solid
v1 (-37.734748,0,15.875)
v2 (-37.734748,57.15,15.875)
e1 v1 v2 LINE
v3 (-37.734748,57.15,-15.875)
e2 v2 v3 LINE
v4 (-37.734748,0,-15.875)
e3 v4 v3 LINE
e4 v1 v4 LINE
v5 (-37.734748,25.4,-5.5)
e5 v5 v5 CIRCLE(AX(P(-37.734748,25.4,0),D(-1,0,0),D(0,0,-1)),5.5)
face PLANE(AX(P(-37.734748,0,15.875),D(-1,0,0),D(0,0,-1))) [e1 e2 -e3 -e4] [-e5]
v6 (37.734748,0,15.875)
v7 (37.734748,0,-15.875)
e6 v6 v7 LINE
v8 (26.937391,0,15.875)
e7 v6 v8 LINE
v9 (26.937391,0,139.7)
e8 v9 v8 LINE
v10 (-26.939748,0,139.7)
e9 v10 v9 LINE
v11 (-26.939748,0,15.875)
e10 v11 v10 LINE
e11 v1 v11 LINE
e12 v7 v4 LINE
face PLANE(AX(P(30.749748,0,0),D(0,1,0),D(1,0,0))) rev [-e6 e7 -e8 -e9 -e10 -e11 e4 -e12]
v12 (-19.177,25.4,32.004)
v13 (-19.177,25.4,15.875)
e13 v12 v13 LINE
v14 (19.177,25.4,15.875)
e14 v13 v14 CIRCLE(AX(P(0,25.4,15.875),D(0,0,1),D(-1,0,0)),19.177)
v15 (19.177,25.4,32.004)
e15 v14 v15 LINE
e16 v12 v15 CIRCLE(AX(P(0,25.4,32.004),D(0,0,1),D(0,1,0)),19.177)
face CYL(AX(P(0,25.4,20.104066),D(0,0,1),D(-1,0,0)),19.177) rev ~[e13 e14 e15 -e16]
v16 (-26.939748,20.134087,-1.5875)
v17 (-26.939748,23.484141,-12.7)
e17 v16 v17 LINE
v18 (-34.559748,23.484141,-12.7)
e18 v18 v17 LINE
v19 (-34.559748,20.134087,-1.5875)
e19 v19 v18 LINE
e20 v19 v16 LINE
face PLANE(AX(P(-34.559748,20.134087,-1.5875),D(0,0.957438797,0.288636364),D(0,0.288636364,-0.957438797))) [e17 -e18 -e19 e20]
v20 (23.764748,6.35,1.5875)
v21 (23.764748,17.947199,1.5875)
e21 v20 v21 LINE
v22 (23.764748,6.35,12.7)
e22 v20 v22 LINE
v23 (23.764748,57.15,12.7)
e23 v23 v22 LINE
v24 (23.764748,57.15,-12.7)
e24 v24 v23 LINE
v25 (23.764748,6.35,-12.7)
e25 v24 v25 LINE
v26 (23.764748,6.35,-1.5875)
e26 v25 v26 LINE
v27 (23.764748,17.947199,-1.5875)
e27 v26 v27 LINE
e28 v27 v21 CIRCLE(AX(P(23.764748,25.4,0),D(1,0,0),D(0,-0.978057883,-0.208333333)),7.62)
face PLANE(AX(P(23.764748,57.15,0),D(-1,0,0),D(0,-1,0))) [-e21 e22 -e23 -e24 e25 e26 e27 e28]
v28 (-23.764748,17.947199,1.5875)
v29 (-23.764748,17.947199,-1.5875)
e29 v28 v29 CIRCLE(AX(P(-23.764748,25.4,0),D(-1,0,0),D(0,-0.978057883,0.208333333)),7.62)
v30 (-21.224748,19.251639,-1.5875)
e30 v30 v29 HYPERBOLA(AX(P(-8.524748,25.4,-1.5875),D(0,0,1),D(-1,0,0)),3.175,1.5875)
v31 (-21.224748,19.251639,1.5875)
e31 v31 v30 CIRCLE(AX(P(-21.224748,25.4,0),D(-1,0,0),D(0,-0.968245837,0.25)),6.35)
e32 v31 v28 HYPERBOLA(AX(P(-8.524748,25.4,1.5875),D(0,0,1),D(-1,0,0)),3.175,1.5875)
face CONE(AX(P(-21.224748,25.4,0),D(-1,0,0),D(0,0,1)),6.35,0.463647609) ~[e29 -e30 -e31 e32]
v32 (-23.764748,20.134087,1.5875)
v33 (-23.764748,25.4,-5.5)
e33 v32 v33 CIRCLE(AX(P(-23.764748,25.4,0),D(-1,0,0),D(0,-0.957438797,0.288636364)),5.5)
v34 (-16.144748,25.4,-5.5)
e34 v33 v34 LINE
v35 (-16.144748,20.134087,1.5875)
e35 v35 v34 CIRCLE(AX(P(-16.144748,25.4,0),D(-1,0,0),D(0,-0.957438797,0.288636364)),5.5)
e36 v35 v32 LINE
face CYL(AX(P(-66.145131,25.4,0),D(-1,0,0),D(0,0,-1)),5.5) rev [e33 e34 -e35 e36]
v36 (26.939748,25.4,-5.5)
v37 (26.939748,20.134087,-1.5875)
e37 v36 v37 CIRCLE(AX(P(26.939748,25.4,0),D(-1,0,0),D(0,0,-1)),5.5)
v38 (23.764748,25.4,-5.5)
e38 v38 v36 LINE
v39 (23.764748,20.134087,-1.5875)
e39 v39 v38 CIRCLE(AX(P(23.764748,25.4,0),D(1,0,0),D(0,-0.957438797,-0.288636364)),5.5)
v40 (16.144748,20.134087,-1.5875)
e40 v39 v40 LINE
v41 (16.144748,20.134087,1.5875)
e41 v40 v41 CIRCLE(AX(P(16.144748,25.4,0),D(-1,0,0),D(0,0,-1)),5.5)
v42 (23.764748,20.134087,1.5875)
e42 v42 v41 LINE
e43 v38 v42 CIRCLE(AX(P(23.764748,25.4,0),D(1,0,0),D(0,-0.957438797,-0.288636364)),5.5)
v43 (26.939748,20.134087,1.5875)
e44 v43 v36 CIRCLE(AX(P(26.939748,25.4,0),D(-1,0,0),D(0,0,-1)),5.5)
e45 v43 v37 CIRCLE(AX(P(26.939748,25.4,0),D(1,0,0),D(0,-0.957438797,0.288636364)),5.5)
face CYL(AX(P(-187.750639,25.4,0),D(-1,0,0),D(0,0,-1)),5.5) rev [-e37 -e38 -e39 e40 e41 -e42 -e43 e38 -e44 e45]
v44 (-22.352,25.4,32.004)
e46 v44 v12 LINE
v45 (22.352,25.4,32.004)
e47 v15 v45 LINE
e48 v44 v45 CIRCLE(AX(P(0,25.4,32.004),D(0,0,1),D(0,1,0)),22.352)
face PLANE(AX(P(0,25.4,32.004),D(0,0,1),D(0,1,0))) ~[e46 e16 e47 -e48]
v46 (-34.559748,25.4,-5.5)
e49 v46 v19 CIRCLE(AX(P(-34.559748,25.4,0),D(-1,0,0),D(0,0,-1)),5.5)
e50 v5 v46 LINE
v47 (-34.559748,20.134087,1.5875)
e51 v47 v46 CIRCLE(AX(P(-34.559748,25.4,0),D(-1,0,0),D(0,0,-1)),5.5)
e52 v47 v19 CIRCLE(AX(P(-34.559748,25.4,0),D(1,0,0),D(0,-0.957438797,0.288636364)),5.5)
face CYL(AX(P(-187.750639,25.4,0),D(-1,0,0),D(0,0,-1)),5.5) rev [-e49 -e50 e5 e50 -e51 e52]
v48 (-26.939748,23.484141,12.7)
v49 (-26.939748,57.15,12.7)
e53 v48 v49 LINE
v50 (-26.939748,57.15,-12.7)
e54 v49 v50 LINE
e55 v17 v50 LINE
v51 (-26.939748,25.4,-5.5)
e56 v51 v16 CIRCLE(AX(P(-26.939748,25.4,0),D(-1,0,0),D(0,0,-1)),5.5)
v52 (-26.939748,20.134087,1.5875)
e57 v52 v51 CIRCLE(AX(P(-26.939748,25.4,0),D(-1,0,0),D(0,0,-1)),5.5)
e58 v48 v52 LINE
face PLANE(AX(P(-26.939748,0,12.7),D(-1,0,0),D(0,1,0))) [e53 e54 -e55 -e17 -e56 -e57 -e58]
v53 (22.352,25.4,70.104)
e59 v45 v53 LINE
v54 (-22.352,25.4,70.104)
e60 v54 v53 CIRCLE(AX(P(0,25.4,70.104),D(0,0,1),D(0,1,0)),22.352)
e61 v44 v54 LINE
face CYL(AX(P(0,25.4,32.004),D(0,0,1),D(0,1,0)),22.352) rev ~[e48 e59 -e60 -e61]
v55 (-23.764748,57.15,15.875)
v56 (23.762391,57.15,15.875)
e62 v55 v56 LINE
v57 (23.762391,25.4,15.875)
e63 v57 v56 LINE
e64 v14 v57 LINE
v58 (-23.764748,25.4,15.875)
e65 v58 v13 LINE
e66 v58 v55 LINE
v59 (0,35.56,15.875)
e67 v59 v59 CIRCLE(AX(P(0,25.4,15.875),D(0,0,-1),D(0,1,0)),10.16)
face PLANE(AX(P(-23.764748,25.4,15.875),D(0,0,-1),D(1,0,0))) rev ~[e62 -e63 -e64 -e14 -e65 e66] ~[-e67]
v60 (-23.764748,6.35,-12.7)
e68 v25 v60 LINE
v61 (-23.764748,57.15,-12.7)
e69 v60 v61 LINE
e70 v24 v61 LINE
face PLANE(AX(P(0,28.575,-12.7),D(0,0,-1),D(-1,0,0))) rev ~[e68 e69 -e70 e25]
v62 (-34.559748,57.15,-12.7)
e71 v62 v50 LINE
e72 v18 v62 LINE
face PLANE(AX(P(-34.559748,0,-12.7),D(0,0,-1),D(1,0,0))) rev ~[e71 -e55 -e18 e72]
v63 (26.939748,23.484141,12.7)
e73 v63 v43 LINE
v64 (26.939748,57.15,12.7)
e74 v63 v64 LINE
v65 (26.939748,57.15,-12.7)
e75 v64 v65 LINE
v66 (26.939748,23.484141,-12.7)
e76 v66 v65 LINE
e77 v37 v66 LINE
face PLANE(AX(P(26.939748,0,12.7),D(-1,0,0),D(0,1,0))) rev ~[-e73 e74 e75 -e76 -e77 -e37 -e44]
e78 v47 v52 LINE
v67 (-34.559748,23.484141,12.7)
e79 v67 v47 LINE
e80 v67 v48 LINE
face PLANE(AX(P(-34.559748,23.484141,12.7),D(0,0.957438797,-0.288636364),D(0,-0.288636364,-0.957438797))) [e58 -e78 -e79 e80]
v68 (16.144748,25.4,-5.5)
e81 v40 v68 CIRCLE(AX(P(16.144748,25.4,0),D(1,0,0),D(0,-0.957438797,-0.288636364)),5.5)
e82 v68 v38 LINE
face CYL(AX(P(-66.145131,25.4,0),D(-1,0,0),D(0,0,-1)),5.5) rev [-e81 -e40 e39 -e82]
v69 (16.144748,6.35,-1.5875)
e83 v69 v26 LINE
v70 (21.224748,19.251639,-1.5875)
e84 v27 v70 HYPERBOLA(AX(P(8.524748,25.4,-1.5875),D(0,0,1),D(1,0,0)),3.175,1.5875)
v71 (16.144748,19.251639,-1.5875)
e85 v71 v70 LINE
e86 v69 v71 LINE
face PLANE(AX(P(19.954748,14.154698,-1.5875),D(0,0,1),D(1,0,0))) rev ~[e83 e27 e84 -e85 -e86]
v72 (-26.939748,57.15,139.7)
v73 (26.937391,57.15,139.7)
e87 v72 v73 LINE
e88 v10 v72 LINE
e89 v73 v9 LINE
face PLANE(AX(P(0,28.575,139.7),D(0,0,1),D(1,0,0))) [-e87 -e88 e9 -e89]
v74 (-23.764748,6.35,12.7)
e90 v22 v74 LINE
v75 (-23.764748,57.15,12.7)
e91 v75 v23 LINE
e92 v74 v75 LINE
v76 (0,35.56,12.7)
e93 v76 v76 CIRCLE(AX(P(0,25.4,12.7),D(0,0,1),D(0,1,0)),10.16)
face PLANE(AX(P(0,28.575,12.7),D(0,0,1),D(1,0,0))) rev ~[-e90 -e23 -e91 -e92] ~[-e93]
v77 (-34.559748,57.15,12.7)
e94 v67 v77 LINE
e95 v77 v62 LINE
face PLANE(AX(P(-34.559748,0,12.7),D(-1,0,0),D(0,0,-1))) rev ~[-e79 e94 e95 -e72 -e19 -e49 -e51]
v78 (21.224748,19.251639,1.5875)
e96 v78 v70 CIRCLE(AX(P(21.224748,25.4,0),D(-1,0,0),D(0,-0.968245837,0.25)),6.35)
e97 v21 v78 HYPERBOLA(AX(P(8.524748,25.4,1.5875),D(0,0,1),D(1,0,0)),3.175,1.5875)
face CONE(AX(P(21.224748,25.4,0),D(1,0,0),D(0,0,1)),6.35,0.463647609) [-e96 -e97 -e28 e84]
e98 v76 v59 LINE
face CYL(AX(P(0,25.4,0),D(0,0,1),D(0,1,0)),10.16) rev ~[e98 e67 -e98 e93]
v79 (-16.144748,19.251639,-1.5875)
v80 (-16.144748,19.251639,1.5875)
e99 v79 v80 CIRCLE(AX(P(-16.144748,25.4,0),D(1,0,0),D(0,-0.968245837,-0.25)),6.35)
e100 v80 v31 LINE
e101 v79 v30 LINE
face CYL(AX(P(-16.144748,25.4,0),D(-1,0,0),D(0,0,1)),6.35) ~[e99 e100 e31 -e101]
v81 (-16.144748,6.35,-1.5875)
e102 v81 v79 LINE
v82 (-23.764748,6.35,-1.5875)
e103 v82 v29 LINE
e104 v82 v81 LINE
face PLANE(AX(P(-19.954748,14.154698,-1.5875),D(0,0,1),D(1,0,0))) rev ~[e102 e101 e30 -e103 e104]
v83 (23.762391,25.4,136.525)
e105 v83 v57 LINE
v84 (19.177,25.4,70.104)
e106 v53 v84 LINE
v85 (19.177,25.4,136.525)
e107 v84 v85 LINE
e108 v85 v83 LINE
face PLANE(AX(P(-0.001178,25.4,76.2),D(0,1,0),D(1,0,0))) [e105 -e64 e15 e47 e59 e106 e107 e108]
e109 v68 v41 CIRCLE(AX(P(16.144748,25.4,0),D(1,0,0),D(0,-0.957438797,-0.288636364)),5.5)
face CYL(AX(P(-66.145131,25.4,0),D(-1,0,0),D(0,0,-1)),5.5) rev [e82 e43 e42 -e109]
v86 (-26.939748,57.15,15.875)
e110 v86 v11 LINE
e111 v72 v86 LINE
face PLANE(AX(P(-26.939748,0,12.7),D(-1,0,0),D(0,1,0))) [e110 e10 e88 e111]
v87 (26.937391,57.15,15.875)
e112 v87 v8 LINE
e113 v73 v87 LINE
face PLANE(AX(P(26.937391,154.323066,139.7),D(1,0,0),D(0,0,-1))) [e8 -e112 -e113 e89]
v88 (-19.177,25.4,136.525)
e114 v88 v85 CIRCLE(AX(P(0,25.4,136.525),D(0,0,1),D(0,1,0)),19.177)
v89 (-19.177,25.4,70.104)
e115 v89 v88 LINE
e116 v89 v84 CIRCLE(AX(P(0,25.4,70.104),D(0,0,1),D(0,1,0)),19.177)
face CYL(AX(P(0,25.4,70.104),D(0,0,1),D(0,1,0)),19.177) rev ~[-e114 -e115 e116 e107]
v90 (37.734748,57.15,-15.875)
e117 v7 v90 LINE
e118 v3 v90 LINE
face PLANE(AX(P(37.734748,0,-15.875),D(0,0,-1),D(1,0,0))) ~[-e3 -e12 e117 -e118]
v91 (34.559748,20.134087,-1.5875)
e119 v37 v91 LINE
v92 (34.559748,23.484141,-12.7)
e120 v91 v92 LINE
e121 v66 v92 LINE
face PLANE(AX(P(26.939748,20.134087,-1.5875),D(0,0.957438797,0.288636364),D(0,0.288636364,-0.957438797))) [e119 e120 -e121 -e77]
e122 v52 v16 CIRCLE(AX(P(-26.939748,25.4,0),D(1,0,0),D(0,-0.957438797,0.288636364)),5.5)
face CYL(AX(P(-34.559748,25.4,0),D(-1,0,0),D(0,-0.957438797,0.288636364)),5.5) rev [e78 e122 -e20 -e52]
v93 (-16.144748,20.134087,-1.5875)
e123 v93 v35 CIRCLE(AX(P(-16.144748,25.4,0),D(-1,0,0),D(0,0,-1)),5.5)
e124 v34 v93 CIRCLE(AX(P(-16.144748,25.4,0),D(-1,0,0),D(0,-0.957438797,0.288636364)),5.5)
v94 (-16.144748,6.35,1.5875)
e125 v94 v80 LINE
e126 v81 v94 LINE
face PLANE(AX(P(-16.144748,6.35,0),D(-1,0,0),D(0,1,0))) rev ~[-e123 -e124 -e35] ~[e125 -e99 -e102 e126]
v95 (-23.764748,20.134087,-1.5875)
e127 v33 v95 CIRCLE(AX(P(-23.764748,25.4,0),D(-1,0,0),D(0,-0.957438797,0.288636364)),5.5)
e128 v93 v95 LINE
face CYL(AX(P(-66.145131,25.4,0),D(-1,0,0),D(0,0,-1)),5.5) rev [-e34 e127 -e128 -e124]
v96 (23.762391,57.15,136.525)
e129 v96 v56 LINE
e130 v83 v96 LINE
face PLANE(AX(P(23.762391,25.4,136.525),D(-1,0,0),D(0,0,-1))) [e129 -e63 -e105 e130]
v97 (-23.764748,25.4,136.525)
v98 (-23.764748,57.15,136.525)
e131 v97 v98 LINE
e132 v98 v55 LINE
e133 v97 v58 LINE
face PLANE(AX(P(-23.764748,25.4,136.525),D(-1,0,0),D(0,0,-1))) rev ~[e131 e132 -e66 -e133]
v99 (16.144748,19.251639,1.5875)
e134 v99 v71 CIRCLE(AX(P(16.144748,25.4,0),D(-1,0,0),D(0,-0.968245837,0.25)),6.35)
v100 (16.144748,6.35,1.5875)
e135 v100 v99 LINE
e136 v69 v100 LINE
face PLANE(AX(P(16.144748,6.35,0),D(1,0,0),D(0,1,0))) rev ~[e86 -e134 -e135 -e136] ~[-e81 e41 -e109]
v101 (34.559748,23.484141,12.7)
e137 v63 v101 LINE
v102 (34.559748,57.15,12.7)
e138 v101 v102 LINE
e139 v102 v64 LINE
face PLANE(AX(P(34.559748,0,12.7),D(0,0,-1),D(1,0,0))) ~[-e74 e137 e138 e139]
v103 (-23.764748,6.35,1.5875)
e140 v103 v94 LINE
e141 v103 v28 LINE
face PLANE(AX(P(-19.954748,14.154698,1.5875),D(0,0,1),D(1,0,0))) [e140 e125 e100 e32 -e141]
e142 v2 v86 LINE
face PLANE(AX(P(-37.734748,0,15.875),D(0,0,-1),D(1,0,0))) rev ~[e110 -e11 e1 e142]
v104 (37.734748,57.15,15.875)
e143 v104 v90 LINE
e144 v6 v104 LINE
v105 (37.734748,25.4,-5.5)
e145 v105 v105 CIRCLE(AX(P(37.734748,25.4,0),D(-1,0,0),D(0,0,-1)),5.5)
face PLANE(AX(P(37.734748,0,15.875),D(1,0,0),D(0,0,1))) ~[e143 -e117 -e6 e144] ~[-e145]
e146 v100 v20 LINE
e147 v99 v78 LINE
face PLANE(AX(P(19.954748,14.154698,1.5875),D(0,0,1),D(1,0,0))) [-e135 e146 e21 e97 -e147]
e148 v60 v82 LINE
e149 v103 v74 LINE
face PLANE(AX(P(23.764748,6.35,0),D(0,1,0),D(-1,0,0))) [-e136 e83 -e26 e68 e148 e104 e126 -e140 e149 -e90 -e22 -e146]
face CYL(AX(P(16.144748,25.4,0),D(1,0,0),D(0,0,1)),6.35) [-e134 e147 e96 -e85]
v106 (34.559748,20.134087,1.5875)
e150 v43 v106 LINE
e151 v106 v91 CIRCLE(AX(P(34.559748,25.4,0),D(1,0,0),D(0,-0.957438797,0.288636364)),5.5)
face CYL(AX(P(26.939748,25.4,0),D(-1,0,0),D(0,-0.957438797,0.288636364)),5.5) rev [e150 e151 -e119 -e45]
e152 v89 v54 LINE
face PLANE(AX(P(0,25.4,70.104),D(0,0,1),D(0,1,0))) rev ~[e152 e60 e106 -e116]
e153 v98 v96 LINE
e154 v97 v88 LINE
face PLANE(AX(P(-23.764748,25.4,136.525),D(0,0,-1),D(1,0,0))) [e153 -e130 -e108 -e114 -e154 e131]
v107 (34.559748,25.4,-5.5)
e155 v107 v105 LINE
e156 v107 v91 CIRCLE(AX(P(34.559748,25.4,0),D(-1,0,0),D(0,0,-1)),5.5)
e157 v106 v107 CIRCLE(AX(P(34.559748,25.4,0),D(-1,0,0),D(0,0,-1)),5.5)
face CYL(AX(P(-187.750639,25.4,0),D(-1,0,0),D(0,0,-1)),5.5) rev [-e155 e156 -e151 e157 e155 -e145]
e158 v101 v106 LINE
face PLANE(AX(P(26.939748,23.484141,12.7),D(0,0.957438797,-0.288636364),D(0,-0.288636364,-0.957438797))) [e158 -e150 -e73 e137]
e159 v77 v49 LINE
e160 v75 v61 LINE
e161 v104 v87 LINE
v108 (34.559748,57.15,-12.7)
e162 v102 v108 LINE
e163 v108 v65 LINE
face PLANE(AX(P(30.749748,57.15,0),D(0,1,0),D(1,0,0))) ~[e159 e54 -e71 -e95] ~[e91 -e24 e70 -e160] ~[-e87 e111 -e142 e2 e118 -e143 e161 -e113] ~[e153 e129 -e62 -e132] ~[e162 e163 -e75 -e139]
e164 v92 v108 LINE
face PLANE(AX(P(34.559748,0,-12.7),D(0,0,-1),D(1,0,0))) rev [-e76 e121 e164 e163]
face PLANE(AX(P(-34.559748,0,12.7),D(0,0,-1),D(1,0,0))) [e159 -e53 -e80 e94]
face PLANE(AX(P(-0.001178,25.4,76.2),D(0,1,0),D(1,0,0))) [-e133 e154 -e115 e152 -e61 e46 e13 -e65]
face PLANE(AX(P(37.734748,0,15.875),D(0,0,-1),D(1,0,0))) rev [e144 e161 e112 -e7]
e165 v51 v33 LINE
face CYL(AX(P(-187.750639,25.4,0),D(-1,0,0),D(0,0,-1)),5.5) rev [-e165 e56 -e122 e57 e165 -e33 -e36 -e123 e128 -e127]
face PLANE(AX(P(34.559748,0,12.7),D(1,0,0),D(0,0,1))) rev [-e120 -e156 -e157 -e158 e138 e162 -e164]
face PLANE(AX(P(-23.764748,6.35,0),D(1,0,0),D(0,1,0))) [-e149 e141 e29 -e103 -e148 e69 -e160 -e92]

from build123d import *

# Parameters (mm, degrees)
BOSS_EXTRUDE1_DEPTH      = 12.7
SKETCH2_W                = 53.879496
SKETCH2_H                = 57.15
BOSS_EXTRUDE2_DEPTH      = 3.175
CUT_EXTRUDE2_DEPTH       = 66.145131417
CUT_EXTRUDE2_DEPTH_BACK  = 66.145131417
SKETCH3_R                = 5.5
SKETCH5_W                = 53.879496
SKETCH5_H                = 25.4
SKETCH5_R                = 3.4925
BOSS_EXTRUDE3_DEPTH      = 6.35
SKETCH7_W                = 7.62
SKETCH7_H                = 15.609396712
BOSS_EXTRUDE7_DEPTH      = 1.5875
SKETCH8_W                = 53.879496
SKETCH8_H                = 57.15
BOSS_EXTRUDE8_DEPTH      = 127
CUT_EXTRUDE7_DEPTH       = 154.323065852
CUT_EXTRUDE7_DEPTH_BACK  = 154.323065852
SKETCH13_W               = 0.002356984
SKETCH13_H               = 124.229061331
CUT_EXTRUDE8_START       = -31.75
SKETCH14_W               = 47.527139016
SKETCH14_H               = 120.65
CUT_EXTRUDE8_DEPTH       = 31.75
CUT_EXTRUDE9_DEPTH       = 4.229066359
SKETCH16_W               = 53.879496
SKETCH16_H               = 25.4
CUT_EXTRUDE10_DEPTH      = 152.071109158
SKETCH18_W               = 13.97
SKETCH18_H               = 31.75
SKETCH18_W_2             = 7.62
SKETCH18_H_2             = 25.4
BOSS_EXTRUDE10_DEPTH     = 57.15
BOSS_EXTRUDE11_START     = -34.559748
BOSS_EXTRUDE11_DEPTH     = 7.62
BOSS_EXTRUDE12_START     = 26.939748
BOSS_EXTRUDE12_DEPTH     = 7.62
CUT_EXTRUDE11_DEPTH      = 163.985890519
CUT_EXTRUDE11_DEPTH_BACK = 163.985890519
SKETCH20_R               = 5.5


with BuildPart() as part:
    # Sketch1 → Boss-Extrude1 (new, symmetric)
    with BuildSketch(Plane.XY):
        Polygon((-26.939748, 0), (26.939748, 0), (26.939748, 6.35), (26.939748, 57.15), (23.764748, 57.15), (23.764748, 6.35), (-23.764748, 6.35), (-23.764748, 57.15), (-26.939748, 57.15), (-26.939748, 6.35), align=None)
    extrude(amount=BOSS_EXTRUDE1_DEPTH, both=True)

    # Sketch2 → Boss-Extrude2 (add)
    with BuildSketch(Plane(origin=(0, 0, -12.7), x_dir=(-1, 0, 0), z_dir=(0, 0, -1))):
        with Locations((0, 28.575)):
            Rectangle(SKETCH2_W, SKETCH2_H)
    extrude(amount=BOSS_EXTRUDE2_DEPTH)

    # Sketch6 → Revolve2 (revolve)
    with BuildSketch(Plane.XY, mode=Mode.PRIVATE) as revolve2_sk:
        Polygon((-23.764748, 25.4), (-16.144748, 25.4), (-16.144748, 31.75), (-21.224748, 31.75), (-23.764748, 33.02), align=None)
        Polygon((23.764748, 33.02), (23.764748, 25.4), (16.144748, 25.4), (16.144748, 31.75), (21.224748, 31.75), align=None)
    revolve(revolve2_sk.sketch.rotate(Axis((-23.764748, 25.4, 0), (1, 0, 0)), 90), axis=Axis((-23.764748, 25.4, 0), (1, 0, 0)))

    # Sketch3 → Cut-Extrude2 (cut, two sides: drawn at the far end of the back side and taken through both)
    with BuildSketch(Plane(origin=(0, 0, 0), x_dir=(0, 0, -1), z_dir=(1, 0, 0)).offset(-CUT_EXTRUDE2_DEPTH_BACK)):
        with Locations((0, 25.4)):
            Circle(SKETCH3_R)
    extrude(amount=CUT_EXTRUDE2_DEPTH + CUT_EXTRUDE2_DEPTH_BACK, mode=Mode.SUBTRACT)

    # Sketch5 → Boss-Extrude3 (add)
    with BuildSketch(Plane.XZ):
        with Locations((0, -28.575)):
            Rectangle(SKETCH5_W, SKETCH5_H)
        with Locations(Location((7.889748, -28.575, 0), (0, 0, 270))):
            Circle(SKETCH5_R, mode=Mode.SUBTRACT)
        with Locations(Location((-17.510252, -28.575, 0), (0, 0, 270))):
            Circle(SKETCH5_R, mode=Mode.SUBTRACT)
    extrude(amount=-BOSS_EXTRUDE3_DEPTH)

    # Sketch7 → Boss-Extrude7 (add, symmetric)
    with BuildSketch(Plane.XY):
        with Locations((-19.954748, 14.154698356)):
            Rectangle(SKETCH7_W, SKETCH7_H)
        with Locations((19.954748, 14.154698356)):
            Rectangle(SKETCH7_W, SKETCH7_H)
    extrude(amount=BOSS_EXTRUDE7_DEPTH, both=True)

    # Sketch8 → Boss-Extrude8 (add)
    with BuildSketch(Plane.XY.offset(12.7)):
        with Locations((0, 28.575)):
            Rectangle(SKETCH8_W, SKETCH8_H)
    extrude(amount=BOSS_EXTRUDE8_DEPTH)

    # Sketch9 → Cut-Revolve1 (revolve, cut)
    with BuildSketch(Plane(origin=(0, 0, 0), x_dir=(0, 0, -1), z_dir=(1, 0, 0))):
        Polygon((-70.104, 47.752), (-70.104, 44.577), (-136.525, 44.577), (-136.525, 25.4), (-70.104, 25.4), (0, 25.4), (0, 35.56), (-20.104066359, 35.56), (-20.104066359, 44.577), (-32.004, 44.577), (-32.004, 47.752), align=None)
    revolve(axis=Axis((0, 25.4, 0), (0, 0, 1)), mode=Mode.SUBTRACT)

    # Sketch13 → Cut-Extrude7 (cut, two sides: drawn at the far end of the back side and taken through both)
    with BuildSketch(Plane(origin=(0, 0, 0), x_dir=(-1, 0, 0), z_dir=(0, -1, 0)).offset(-CUT_EXTRUDE7_DEPTH_BACK)):
        with Locations((26.940926492, -77.585469335)):
            Rectangle(SKETCH13_W, SKETCH13_H)
        with Locations((-26.938569508, -77.585469335)):
            Rectangle(SKETCH13_W, SKETCH13_H)
    extrude(amount=CUT_EXTRUDE7_DEPTH + CUT_EXTRUDE7_DEPTH_BACK, mode=Mode.SUBTRACT)

    # Sketch14 → Cut-Extrude8 (cut)
    with BuildSketch(Plane(origin=(0, 57.15, 0), x_dir=(1, 0, 0), z_dir=(0, 1, 0)).offset(CUT_EXTRUDE8_START)):
        with Locations((-0.001178492, -76.2)):
            Rectangle(SKETCH14_W, SKETCH14_H)
    extrude(amount=CUT_EXTRUDE8_DEPTH, mode=Mode.SUBTRACT)

    # Sketch15 → Cut-Extrude9 (cut)
    with BuildSketch(Plane.XY.offset(20.104066359)):
        with BuildLine():
            Line((-10.16, 25.4), (-19.177, 25.4))
            ThreePointArc((-19.177, 25.4), (0, 6.223), (19.177, 25.4))
            Line((19.177, 25.4), (10.16, 25.4))
            ThreePointArc((10.16, 25.4), (0, 15.24), (-10.16, 25.4))
        make_face()
    extrude(amount=-CUT_EXTRUDE9_DEPTH, mode=Mode.SUBTRACT)

    # Sketch16 → Cut-Extrude10 (cut, through all)
    with BuildSketch(Plane(origin=(0, 6.35, 0), x_dir=(1, 0, 0), z_dir=(0, 1, 0))):
        with Locations((0, 28.575)):
            Rectangle(SKETCH16_W, SKETCH16_H)
    extrude(amount=-CUT_EXTRUDE10_DEPTH, mode=Mode.SUBTRACT)

    # Sketch18 → Boss-Extrude10 (add)
    with BuildSketch(Plane(origin=(0, 0, 0), x_dir=(1, 0, 0), z_dir=(0, 1, 0))):
        with Locations((-30.749748, 0)):
            Rectangle(SKETCH18_W, SKETCH18_H)
        with Locations((-30.749748, 0)):
            Rectangle(SKETCH18_W_2, SKETCH18_H_2, mode=Mode.SUBTRACT)
    boss_extrude10 = extrude(amount=BOSS_EXTRUDE10_DEPTH)

    # Sketch19 → Boss-Extrude11 (add)
    with BuildSketch(Plane(origin=(0, 0, 0), x_dir=(0, 0, -1), z_dir=(1, 0, 0)).offset(BOSS_EXTRUDE11_START)):
        with BuildLine():
            Line((1.5875, 20.134086618), (12.7, 23.484140534))
            Line((12.7, 23.484140534), (12.7, 0))
            Line((12.7, 0), (-12.7, 0))
            Line((-12.7, 0), (-12.7, 23.484140534))
            Line((-12.7, 23.484140534), (-1.5875, 20.134086618))
            ThreePointArc((-1.5875, 20.134086618), (0, 19.9), (1.5875, 20.134086618))
        make_face()
    extrude(amount=BOSS_EXTRUDE11_DEPTH)

    # Mirror4: Boss-Extrude10 across plane
    add(boss_extrude10.mirror(Plane(origin=(0, 0, 0), x_dir=(0, 0, 1), z_dir=(1, 0, 0))))

    # Sketch19<2> → Boss-Extrude12 (add)
    with BuildSketch(Plane(origin=(0, 0, 0), x_dir=(0, 0, -1), z_dir=(1, 0, 0)).offset(BOSS_EXTRUDE12_START)):
        with BuildLine():
            Line((1.5875, 20.134086618), (12.7, 23.484140534))
            Line((12.7, 23.484140534), (12.7, 0))
            Line((12.7, 0), (-12.7, 0))
            Line((-12.7, 0), (-12.7, 23.484140534))
            Line((-12.7, 23.484140534), (-1.5875, 20.134086618))
            ThreePointArc((-1.5875, 20.134086618), (0, 19.9), (1.5875, 20.134086618))
        make_face()
    extrude(amount=BOSS_EXTRUDE12_DEPTH)

    # Sketch20 → Cut-Extrude11 (cut, two sides: drawn at the far end of the back side and taken through both)
    with BuildSketch(Plane(origin=(-23.764748, 0, 0), x_dir=(0, 0, -1), z_dir=(1, 0, 0)).offset(-CUT_EXTRUDE11_DEPTH_BACK)):
        with Locations((0, 25.4)):
            Circle(SKETCH20_R)
    extrude(amount=CUT_EXTRUDE11_DEPTH + CUT_EXTRUDE11_DEPTH_BACK, mode=Mode.SUBTRACT)


solid = part.part
